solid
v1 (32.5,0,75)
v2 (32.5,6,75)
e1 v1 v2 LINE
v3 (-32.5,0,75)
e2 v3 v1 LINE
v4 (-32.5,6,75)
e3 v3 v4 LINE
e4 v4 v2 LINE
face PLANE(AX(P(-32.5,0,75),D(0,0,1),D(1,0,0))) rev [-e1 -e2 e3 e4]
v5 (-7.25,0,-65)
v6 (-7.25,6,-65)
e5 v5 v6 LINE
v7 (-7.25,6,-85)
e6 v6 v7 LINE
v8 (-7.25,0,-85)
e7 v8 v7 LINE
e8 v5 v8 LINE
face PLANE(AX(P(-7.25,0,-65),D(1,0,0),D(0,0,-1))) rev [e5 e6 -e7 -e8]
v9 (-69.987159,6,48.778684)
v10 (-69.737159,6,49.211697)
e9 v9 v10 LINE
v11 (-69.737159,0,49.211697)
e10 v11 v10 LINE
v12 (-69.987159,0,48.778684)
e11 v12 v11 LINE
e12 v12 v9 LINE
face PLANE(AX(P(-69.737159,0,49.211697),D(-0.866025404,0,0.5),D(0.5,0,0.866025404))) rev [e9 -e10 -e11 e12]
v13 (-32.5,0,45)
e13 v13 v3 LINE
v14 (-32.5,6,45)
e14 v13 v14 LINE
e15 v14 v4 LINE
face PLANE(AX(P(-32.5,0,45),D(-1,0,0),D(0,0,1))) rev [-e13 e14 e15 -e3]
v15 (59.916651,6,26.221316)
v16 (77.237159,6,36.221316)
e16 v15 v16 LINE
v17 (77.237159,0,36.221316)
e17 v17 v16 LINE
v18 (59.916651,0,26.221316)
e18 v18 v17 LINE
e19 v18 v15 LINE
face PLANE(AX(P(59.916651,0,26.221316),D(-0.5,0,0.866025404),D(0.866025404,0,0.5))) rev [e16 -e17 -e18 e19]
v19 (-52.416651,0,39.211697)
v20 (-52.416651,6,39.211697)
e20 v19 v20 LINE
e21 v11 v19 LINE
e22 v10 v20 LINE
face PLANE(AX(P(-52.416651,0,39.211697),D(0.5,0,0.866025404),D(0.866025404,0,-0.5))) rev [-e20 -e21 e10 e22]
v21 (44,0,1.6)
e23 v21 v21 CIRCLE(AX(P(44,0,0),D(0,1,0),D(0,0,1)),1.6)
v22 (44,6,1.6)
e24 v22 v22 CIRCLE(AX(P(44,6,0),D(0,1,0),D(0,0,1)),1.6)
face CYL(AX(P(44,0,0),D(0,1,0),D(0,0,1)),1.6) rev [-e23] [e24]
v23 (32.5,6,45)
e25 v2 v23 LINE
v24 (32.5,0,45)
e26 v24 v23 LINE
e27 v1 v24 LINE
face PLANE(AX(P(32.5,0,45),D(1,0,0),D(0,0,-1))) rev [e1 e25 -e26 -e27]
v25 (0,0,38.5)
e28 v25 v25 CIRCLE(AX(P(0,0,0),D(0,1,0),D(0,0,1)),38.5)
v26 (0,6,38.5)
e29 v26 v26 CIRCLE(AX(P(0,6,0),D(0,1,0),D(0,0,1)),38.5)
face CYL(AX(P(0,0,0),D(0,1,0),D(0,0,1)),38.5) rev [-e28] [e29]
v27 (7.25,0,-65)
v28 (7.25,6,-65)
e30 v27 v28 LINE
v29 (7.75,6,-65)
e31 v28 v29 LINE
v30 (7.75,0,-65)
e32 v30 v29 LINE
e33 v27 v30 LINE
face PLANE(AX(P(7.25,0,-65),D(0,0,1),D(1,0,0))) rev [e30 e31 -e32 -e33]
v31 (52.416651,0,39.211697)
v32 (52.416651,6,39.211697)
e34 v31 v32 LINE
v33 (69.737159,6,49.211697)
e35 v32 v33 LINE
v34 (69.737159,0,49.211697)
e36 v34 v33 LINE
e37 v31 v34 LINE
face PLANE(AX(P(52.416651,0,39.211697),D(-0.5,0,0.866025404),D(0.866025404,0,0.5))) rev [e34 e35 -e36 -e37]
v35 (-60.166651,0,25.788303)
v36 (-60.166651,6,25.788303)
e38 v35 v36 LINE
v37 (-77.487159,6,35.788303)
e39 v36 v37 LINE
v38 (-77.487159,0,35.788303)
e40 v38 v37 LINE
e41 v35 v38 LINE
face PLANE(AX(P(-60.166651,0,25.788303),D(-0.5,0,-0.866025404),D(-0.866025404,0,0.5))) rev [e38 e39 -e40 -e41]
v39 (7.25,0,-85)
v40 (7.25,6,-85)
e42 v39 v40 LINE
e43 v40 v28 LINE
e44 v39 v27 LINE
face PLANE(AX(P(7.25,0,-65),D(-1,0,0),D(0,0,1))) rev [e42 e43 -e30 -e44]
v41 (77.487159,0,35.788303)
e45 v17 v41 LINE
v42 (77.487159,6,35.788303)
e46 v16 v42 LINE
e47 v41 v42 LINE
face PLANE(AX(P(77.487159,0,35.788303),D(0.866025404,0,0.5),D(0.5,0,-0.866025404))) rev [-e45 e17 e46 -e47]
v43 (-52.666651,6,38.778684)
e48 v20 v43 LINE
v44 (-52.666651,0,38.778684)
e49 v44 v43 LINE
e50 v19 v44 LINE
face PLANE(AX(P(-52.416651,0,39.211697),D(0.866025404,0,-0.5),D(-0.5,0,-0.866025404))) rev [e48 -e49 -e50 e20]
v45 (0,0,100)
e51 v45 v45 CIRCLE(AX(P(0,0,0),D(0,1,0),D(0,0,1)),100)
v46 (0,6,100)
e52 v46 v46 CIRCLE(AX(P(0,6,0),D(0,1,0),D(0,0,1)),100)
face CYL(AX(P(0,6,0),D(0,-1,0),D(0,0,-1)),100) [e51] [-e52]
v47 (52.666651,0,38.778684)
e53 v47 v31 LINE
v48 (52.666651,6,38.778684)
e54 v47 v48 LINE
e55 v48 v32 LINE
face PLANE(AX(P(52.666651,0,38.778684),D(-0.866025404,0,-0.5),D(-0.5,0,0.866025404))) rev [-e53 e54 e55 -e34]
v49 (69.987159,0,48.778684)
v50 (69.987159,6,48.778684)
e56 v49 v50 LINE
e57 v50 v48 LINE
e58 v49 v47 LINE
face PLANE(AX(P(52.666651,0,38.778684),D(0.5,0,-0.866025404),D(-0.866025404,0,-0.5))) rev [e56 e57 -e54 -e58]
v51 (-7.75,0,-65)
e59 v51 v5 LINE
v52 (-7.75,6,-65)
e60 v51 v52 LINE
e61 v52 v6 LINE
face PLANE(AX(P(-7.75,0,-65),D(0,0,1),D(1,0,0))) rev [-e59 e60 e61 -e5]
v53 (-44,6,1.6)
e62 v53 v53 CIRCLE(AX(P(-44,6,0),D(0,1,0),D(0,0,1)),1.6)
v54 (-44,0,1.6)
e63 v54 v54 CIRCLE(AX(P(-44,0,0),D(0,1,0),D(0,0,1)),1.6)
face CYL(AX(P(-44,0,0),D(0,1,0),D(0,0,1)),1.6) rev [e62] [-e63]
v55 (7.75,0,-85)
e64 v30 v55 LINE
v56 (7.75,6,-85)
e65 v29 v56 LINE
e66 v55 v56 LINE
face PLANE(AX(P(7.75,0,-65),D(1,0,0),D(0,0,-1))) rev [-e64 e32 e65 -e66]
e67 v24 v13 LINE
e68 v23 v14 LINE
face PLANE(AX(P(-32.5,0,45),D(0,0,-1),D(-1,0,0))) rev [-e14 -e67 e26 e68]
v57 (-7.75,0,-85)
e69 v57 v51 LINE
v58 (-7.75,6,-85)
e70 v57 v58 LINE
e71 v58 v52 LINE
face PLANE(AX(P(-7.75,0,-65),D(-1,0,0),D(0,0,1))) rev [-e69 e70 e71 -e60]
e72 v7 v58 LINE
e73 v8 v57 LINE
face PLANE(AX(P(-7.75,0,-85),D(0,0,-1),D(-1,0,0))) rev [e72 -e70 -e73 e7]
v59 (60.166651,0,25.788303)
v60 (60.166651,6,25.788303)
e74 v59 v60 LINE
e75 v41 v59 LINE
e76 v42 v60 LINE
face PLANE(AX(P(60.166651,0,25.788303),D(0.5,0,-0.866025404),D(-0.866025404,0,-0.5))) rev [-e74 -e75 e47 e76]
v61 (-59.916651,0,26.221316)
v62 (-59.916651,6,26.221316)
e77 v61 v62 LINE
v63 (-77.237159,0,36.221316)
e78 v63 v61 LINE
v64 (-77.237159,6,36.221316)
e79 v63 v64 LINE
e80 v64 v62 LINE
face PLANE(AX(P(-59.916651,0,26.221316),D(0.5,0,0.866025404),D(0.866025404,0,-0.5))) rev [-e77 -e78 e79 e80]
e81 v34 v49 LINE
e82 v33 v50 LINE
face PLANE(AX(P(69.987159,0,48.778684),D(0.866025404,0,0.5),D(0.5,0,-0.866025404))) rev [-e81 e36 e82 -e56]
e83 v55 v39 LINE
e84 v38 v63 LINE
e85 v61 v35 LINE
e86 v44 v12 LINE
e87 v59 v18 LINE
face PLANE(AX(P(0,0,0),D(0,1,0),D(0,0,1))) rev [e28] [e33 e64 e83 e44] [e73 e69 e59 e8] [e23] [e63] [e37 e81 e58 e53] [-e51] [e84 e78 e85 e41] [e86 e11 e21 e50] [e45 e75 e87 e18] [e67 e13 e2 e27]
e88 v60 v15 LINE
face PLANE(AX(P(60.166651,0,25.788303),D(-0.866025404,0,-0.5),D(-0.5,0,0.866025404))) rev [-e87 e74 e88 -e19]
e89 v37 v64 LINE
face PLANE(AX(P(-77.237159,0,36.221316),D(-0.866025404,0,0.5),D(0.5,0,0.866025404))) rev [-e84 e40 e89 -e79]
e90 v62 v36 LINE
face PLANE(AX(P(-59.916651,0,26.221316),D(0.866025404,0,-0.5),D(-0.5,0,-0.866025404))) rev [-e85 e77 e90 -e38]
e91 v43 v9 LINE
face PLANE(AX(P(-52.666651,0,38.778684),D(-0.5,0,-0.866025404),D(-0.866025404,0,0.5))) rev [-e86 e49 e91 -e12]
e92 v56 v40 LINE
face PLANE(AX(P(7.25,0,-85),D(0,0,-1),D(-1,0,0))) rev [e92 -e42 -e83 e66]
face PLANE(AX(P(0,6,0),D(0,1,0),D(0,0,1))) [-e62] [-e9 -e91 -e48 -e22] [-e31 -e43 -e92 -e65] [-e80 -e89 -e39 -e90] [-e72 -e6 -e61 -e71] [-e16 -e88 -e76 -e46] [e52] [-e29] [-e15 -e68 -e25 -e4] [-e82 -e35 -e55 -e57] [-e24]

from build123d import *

# Parameters (mm, degrees)
SKETCH2_R           = 100
BOSS_EXTRUDE1_DEPTH = 6
SKETCH3_W           = 0.5
SKETCH3_H           = 20
CUT_EXTRUDE1_DEPTH  = 142.548578234
SKETCH4_R           = 38.5
CUT_EXTRUDE2_DEPTH  = 142.548578234
SKETCH5_R           = 1.6
CUT_EXTRUDE3_DEPTH  = 142.548578234
SKETCH6_W           = 65
SKETCH6_H           = 30
CUT_EXTRUDE4_DEPTH  = 142.548578234


with BuildPart() as part:
    # Sketch2 → Boss-Extrude1 (new body)
    with BuildSketch(Plane(origin=(0, 0, 0), x_dir=(1, 0, 0), z_dir=(0, 1, 0))):
        with Locations(Location((0, 0, 0), (0, 0, 270))):
            Circle(SKETCH2_R)
    extrude(amount=BOSS_EXTRUDE1_DEPTH)

    # Sketch3 → Cut-Extrude1 (cut, through all)
    with BuildSketch(Plane(origin=(0, 6, 0), x_dir=(1, 0, 0), z_dir=(0, 1, 0))):
        with Locations((-7.5, 75)):
            Rectangle(SKETCH3_W, SKETCH3_H)
        with Locations((7.5, 75)):
            Rectangle(SKETCH3_W, SKETCH3_H)
        Polygon((60.166651246, -25.788303121), (77.487159322, -35.788303121), (77.237159322, -36.221315823), (59.916651246, -26.221315823), align=None)
        Polygon((52.666651246, -38.778684177), (69.987159322, -48.778684177), (69.737159322, -49.211696879), (52.416651246, -39.211696879), align=None)
        Polygon((-52.416651246, -39.211696879), (-69.737159322, -49.211696879), (-69.987159322, -48.778684177), (-52.666651246, -38.778684177), align=None)
        Polygon((-59.916651246, -26.221315823), (-77.237159322, -36.221315823), (-77.487159322, -35.788303121), (-60.166651246, -25.788303121), align=None)
    extrude(amount=-CUT_EXTRUDE1_DEPTH, mode=Mode.SUBTRACT)

    # Sketch4 → Cut-Extrude2 (cut, through all)
    with BuildSketch(Plane(origin=(0, 6, 0), x_dir=(1, 0, 0), z_dir=(0, 1, 0))):
        with Locations(Location((0, 0, 0), (0, 0, 270))):
            Circle(SKETCH4_R)
    extrude(amount=-CUT_EXTRUDE2_DEPTH, mode=Mode.SUBTRACT)

    # Sketch5 → Cut-Extrude3 (cut, through all)
    with BuildSketch(Plane(origin=(0, 6, 0), x_dir=(1, 0, 0), z_dir=(0, 1, 0))):
        with Locations(Location((-44, 0, 0), (0, 0, 270))):
            Circle(SKETCH5_R)
        with Locations(Location((44, 0, 0), (0, 0, 270))):
            Circle(SKETCH5_R)
    extrude(amount=-CUT_EXTRUDE3_DEPTH, mode=Mode.SUBTRACT)

    # Sketch6 → Cut-Extrude4 (cut, through all)
    with BuildSketch(Plane(origin=(0, 6, 0), x_dir=(1, 0, 0), z_dir=(0, 1, 0))):
        with Locations((0, -60)):
            Rectangle(SKETCH6_W, SKETCH6_H)
    extrude(amount=-CUT_EXTRUDE4_DEPTH, mode=Mode.SUBTRACT)


solid = part.part
